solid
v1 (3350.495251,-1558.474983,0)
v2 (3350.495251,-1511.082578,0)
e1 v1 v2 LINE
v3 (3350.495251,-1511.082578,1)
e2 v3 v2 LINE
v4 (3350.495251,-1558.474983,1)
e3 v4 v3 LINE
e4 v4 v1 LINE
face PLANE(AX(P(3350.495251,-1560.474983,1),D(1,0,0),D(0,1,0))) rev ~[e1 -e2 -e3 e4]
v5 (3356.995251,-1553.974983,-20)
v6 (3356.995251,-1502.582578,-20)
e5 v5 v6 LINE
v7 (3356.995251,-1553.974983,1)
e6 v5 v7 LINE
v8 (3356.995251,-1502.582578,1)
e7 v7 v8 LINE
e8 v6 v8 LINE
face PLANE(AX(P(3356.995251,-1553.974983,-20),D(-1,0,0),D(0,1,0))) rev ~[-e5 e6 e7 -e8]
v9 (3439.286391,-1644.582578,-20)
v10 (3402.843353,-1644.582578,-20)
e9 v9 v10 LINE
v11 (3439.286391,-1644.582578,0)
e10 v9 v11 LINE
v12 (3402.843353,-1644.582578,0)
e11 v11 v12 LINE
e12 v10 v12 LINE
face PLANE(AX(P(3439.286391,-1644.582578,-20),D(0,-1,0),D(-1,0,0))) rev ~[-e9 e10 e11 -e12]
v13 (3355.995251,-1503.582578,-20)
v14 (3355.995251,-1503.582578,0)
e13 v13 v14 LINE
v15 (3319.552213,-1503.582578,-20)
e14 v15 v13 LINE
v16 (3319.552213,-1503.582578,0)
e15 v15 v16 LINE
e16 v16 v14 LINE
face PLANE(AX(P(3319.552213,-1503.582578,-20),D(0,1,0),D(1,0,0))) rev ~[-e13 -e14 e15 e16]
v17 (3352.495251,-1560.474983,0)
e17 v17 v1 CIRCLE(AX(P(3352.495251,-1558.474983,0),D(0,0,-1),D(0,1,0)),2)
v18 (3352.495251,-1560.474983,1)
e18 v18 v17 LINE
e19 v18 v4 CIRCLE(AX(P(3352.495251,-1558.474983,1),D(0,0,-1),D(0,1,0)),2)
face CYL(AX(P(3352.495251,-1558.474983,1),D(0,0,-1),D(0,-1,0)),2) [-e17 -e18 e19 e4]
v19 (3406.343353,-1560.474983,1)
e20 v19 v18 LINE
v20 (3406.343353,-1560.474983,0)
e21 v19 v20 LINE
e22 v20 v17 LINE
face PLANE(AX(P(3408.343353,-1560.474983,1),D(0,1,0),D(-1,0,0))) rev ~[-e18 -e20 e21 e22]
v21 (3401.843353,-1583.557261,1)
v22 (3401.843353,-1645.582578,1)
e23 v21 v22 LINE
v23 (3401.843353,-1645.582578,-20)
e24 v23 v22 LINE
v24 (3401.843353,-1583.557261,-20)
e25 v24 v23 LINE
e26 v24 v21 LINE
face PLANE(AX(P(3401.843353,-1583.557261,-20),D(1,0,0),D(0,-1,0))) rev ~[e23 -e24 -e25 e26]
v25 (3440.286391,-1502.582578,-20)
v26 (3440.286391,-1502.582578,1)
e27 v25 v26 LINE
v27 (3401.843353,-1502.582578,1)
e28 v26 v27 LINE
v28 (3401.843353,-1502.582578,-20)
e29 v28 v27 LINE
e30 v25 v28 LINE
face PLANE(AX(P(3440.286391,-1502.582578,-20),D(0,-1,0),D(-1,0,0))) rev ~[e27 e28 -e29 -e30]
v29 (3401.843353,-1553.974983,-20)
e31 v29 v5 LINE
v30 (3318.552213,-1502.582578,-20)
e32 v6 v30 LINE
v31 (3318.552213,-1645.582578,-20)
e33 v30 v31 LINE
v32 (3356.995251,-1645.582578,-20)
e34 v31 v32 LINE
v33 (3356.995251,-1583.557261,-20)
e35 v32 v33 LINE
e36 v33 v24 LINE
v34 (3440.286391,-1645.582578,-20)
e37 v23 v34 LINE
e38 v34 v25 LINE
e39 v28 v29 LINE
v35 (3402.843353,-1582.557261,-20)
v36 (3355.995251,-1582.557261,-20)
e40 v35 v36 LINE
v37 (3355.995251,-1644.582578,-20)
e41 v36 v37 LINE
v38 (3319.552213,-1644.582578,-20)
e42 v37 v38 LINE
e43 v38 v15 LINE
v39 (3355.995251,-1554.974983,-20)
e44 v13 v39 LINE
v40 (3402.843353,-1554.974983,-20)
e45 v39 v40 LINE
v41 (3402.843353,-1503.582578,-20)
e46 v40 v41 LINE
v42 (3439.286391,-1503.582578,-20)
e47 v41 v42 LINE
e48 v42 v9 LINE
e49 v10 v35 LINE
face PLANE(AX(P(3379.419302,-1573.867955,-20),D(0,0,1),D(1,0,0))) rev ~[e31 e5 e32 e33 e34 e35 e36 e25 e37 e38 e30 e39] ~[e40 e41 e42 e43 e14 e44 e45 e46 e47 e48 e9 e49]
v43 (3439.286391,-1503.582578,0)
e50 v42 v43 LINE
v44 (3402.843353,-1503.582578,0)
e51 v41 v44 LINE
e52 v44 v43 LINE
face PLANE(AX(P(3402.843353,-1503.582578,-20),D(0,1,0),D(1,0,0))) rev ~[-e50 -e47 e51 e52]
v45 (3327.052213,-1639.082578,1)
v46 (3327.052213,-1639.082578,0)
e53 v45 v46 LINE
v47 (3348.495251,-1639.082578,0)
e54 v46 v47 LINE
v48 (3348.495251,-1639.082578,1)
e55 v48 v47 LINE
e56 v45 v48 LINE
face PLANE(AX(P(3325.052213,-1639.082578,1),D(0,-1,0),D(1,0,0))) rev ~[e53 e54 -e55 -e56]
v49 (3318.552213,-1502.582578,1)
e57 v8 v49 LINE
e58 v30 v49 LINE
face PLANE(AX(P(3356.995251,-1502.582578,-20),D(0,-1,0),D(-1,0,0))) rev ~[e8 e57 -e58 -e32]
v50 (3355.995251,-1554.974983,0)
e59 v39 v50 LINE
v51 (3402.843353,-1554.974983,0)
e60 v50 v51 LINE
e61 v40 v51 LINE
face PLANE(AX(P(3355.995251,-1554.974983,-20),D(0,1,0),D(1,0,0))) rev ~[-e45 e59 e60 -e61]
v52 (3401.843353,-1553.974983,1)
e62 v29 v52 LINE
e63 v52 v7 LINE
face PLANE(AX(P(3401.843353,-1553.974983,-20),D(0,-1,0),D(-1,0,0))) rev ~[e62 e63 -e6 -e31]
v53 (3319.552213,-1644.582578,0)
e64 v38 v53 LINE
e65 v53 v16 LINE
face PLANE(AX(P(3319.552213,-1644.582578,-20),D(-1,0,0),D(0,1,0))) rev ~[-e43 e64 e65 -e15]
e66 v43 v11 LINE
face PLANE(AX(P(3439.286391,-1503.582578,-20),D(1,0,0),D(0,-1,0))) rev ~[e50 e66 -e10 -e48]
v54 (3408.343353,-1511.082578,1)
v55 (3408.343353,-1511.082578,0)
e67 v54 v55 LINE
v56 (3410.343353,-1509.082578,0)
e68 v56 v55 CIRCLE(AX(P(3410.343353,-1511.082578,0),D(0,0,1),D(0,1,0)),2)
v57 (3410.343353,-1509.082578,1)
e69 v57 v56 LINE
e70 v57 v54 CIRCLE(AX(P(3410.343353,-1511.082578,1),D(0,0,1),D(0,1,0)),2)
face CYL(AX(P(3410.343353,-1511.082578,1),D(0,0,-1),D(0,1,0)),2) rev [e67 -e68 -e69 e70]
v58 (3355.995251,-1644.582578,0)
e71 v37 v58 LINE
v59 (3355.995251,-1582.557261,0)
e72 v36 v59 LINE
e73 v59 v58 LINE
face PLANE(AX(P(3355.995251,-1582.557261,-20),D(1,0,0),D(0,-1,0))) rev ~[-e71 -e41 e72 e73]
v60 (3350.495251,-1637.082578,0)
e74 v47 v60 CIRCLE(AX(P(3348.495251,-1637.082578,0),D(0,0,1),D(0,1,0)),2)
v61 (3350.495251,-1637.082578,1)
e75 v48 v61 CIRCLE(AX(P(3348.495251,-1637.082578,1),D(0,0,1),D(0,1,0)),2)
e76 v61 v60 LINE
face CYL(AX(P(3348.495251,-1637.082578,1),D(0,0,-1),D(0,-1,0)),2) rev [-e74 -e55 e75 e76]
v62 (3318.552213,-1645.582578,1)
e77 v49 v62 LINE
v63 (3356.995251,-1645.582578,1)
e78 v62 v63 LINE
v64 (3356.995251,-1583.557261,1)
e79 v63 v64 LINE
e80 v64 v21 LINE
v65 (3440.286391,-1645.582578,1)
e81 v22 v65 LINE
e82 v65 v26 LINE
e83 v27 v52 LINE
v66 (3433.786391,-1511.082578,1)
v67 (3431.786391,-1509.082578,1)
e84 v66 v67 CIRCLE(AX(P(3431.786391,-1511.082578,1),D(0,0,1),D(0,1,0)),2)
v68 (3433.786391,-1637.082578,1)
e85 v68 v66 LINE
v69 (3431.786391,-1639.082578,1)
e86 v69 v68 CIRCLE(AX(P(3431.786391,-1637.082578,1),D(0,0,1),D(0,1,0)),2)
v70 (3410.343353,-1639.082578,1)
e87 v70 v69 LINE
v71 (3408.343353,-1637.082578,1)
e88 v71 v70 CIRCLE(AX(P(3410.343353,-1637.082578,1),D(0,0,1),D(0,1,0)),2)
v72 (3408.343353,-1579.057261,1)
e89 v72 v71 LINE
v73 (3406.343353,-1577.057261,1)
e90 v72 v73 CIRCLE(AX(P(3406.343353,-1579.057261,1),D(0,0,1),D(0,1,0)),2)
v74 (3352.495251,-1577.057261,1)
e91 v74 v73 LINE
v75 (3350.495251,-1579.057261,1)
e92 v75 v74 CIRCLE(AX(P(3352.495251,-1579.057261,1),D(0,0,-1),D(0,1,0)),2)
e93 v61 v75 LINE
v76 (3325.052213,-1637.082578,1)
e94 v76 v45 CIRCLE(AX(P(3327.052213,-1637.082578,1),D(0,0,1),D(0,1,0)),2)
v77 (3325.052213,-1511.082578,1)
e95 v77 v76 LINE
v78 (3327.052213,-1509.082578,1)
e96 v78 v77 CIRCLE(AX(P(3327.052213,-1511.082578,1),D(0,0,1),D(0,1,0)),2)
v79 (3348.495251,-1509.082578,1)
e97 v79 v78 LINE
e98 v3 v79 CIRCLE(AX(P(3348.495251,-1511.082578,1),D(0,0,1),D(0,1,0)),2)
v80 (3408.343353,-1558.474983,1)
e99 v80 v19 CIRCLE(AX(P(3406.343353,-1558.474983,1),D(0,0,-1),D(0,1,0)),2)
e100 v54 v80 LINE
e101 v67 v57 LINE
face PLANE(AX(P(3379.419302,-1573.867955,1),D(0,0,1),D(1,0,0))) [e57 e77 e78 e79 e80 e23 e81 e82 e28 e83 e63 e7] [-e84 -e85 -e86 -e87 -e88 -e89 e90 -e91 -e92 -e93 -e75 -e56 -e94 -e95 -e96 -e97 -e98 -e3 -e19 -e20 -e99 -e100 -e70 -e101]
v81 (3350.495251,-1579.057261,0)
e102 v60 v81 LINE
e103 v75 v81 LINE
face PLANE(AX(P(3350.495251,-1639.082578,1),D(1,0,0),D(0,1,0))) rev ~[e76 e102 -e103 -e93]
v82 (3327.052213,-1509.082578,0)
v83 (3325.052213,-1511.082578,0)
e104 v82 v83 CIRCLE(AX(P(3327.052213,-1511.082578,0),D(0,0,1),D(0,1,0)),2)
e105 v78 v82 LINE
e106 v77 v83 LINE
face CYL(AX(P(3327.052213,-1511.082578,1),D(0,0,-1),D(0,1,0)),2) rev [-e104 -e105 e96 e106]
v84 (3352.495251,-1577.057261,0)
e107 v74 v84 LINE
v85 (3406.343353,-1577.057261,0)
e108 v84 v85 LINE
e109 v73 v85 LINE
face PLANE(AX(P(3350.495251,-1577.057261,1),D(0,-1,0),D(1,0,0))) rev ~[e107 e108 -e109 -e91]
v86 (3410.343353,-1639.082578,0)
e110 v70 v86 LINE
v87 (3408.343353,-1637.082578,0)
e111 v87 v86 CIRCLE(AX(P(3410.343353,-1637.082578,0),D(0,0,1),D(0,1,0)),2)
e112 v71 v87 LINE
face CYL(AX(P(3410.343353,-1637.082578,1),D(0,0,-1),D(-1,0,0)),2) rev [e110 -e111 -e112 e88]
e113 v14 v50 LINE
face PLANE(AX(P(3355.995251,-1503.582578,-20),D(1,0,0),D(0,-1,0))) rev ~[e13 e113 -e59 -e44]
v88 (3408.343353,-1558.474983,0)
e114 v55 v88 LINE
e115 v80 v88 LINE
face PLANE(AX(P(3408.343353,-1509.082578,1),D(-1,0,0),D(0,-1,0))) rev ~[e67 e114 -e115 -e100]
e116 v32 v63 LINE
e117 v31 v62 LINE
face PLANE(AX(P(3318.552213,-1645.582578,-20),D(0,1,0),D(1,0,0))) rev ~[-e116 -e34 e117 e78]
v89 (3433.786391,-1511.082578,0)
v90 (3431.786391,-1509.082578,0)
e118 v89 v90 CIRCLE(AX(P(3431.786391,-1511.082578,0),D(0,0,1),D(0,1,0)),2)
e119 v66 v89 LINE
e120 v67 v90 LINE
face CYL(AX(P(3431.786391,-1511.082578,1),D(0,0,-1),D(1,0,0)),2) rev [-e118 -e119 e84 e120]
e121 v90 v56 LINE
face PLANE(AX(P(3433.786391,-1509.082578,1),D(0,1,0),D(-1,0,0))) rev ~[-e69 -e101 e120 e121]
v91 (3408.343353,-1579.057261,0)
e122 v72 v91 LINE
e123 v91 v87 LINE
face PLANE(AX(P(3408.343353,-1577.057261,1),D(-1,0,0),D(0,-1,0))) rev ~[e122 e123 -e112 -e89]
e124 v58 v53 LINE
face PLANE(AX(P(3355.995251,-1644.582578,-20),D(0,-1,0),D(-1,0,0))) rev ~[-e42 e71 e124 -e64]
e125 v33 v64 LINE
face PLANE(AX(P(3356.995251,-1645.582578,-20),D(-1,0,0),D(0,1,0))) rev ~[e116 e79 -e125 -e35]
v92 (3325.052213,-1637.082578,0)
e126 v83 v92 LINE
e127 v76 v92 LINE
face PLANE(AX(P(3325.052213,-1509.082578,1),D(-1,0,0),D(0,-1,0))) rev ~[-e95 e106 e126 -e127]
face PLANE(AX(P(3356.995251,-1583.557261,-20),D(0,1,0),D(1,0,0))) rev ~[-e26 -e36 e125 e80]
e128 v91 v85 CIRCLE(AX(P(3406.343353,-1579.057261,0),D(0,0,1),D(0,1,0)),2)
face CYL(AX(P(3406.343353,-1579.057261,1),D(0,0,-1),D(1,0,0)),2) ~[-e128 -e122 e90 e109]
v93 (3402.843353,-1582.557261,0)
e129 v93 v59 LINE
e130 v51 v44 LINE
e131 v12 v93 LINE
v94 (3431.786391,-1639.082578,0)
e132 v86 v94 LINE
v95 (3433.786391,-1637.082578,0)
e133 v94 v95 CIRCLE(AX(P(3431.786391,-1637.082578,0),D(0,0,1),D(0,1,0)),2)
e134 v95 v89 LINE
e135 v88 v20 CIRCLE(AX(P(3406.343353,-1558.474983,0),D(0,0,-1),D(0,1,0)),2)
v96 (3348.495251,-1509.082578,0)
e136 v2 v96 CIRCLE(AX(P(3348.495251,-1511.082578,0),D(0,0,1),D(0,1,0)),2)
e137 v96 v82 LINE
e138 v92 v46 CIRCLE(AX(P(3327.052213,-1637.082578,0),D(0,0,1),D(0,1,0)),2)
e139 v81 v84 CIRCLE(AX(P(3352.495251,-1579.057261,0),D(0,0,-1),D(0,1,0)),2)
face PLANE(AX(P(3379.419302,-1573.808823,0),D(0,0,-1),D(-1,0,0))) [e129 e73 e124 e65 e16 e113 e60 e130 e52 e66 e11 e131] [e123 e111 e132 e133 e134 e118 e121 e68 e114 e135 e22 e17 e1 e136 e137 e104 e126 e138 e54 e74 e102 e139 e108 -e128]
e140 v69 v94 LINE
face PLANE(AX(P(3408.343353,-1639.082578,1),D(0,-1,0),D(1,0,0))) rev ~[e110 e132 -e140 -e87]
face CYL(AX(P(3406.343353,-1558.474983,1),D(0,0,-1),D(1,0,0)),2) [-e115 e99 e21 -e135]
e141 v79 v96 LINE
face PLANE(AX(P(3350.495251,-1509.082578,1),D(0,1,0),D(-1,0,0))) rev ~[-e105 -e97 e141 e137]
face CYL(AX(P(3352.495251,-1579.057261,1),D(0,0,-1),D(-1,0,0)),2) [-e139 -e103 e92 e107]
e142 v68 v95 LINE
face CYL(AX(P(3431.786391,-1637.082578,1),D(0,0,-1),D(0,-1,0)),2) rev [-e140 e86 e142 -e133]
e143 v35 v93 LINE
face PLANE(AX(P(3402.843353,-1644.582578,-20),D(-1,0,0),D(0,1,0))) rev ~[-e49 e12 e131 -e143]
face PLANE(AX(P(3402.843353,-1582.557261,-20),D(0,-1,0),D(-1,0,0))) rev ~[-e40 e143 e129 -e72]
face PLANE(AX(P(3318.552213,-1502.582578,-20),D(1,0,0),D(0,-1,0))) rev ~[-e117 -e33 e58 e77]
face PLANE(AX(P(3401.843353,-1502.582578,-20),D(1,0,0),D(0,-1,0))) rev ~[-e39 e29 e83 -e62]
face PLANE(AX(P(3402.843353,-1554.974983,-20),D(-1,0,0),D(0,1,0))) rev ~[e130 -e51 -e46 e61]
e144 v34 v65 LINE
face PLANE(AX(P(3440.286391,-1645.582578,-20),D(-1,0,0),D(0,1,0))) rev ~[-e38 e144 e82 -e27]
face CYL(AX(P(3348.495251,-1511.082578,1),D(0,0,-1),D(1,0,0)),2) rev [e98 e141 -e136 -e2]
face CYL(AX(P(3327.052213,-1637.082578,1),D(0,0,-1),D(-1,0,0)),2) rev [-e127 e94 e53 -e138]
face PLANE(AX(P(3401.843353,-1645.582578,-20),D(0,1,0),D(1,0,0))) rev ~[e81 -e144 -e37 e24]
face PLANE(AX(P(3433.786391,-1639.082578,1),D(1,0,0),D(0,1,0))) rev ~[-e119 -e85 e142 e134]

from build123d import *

# Parameters (mm, degrees)
BOSS_EXTRUDE1_DEPTH      = 1
BOSS_EXTRUDE1_DEPTH_BACK = 20
CUT_EXTRUDE1_DEPTH       = 3814.653559302
CUT_EXTRUDE2_DEPTH       = 20
FILLET1_R                = 2


with BuildPart() as part:
    # Sketch1 → Boss-Extrude1 (new, two sides: drawn at the far end of the back side and taken through both)
    with BuildSketch(Plane.XY.offset(-BOSS_EXTRUDE1_DEPTH_BACK)):
        Polygon((3401.843352704, -1645.582577839), (3440.286390679, -1645.582577839), (3440.286390679, -1502.582577839), (3401.843352704, -1502.582577839), (3401.843352704, -1553.974982902), (3356.995251438, -1553.974982902), (3356.995251438, -1502.582577839), (3318.552213464, -1502.582577839), (3318.552213464, -1645.582577839), (3356.995251438, -1645.582577839), (3356.995251438, -1583.557261383), (3401.843352704, -1583.557261383), align=None)
    extrude(amount=BOSS_EXTRUDE1_DEPTH + BOSS_EXTRUDE1_DEPTH_BACK)

    # Sketch2 → Cut-Extrude1 (cut, through all)
    with BuildSketch(Plane.XY.offset(1)):
        Polygon((3408.343352704, -1577.057261383), (3408.343352704, -1639.082577839), (3433.786390679, -1639.082577839), (3433.786390679, -1509.082577839), (3408.343352704, -1509.082577839), (3408.343352704, -1560.474982902), (3350.495251438, -1560.474982902), (3350.495251438, -1509.082577839), (3325.052213464, -1509.082577839), (3325.052213464, -1639.082577839), (3350.495251438, -1639.082577839), (3350.495251438, -1577.057261383), align=None)
    extrude(amount=-CUT_EXTRUDE1_DEPTH, mode=Mode.SUBTRACT)

    # Sketch3 → Cut-Extrude2 (cut)
    with BuildSketch(Plane(origin=(0, 0, -20), x_dir=(-1, 0, 0), z_dir=(0, 0, -1))):
        Polygon((-3402.843352704, -1644.582577839), (-3402.843352704, -1582.557261383), (-3355.995251438, -1582.557261383), (-3355.995251438, -1644.582577839), (-3319.552213464, -1644.582577839), (-3319.552213464, -1503.582577839), (-3355.995251438, -1503.582577839), (-3355.995251438, -1554.974982902), (-3402.843352704, -1554.974982902), (-3402.843352704, -1503.582577839), (-3439.286390679, -1503.582577839), (-3439.286390679, -1644.582577839), align=None)
    extrude(amount=-CUT_EXTRUDE2_DEPTH, mode=Mode.SUBTRACT)

    # Fillet1
    fillet1_edges = [part.edges().sort_by_distance(p)[0] for p in [
        (3408.343352704, -1639.082577839, 0.5),
        (3408.343352704, -1577.057261383, 0.5),
        (3433.786390679, -1639.082577839, 0.5),
        (3433.786390679, -1509.082577839, 0.5),
        (3408.343352704, -1509.082577839, 0.5),
        (3408.343352704, -1560.474982902, 0.5),
        (3350.495251438, -1560.474982902, 0.5),
        (3350.495251438, -1509.082577839, 0.5),
        (3325.052213464, -1509.082577839, 0.5),
        (3325.052213464, -1639.082577839, 0.5),
        (3350.495251438, -1639.082577839, 0.5),
        (3350.495251438, -1577.057261383, 0.5),
    ]]
    fillet(fillet1_edges, radius=FILLET1_R)


solid = part.part
